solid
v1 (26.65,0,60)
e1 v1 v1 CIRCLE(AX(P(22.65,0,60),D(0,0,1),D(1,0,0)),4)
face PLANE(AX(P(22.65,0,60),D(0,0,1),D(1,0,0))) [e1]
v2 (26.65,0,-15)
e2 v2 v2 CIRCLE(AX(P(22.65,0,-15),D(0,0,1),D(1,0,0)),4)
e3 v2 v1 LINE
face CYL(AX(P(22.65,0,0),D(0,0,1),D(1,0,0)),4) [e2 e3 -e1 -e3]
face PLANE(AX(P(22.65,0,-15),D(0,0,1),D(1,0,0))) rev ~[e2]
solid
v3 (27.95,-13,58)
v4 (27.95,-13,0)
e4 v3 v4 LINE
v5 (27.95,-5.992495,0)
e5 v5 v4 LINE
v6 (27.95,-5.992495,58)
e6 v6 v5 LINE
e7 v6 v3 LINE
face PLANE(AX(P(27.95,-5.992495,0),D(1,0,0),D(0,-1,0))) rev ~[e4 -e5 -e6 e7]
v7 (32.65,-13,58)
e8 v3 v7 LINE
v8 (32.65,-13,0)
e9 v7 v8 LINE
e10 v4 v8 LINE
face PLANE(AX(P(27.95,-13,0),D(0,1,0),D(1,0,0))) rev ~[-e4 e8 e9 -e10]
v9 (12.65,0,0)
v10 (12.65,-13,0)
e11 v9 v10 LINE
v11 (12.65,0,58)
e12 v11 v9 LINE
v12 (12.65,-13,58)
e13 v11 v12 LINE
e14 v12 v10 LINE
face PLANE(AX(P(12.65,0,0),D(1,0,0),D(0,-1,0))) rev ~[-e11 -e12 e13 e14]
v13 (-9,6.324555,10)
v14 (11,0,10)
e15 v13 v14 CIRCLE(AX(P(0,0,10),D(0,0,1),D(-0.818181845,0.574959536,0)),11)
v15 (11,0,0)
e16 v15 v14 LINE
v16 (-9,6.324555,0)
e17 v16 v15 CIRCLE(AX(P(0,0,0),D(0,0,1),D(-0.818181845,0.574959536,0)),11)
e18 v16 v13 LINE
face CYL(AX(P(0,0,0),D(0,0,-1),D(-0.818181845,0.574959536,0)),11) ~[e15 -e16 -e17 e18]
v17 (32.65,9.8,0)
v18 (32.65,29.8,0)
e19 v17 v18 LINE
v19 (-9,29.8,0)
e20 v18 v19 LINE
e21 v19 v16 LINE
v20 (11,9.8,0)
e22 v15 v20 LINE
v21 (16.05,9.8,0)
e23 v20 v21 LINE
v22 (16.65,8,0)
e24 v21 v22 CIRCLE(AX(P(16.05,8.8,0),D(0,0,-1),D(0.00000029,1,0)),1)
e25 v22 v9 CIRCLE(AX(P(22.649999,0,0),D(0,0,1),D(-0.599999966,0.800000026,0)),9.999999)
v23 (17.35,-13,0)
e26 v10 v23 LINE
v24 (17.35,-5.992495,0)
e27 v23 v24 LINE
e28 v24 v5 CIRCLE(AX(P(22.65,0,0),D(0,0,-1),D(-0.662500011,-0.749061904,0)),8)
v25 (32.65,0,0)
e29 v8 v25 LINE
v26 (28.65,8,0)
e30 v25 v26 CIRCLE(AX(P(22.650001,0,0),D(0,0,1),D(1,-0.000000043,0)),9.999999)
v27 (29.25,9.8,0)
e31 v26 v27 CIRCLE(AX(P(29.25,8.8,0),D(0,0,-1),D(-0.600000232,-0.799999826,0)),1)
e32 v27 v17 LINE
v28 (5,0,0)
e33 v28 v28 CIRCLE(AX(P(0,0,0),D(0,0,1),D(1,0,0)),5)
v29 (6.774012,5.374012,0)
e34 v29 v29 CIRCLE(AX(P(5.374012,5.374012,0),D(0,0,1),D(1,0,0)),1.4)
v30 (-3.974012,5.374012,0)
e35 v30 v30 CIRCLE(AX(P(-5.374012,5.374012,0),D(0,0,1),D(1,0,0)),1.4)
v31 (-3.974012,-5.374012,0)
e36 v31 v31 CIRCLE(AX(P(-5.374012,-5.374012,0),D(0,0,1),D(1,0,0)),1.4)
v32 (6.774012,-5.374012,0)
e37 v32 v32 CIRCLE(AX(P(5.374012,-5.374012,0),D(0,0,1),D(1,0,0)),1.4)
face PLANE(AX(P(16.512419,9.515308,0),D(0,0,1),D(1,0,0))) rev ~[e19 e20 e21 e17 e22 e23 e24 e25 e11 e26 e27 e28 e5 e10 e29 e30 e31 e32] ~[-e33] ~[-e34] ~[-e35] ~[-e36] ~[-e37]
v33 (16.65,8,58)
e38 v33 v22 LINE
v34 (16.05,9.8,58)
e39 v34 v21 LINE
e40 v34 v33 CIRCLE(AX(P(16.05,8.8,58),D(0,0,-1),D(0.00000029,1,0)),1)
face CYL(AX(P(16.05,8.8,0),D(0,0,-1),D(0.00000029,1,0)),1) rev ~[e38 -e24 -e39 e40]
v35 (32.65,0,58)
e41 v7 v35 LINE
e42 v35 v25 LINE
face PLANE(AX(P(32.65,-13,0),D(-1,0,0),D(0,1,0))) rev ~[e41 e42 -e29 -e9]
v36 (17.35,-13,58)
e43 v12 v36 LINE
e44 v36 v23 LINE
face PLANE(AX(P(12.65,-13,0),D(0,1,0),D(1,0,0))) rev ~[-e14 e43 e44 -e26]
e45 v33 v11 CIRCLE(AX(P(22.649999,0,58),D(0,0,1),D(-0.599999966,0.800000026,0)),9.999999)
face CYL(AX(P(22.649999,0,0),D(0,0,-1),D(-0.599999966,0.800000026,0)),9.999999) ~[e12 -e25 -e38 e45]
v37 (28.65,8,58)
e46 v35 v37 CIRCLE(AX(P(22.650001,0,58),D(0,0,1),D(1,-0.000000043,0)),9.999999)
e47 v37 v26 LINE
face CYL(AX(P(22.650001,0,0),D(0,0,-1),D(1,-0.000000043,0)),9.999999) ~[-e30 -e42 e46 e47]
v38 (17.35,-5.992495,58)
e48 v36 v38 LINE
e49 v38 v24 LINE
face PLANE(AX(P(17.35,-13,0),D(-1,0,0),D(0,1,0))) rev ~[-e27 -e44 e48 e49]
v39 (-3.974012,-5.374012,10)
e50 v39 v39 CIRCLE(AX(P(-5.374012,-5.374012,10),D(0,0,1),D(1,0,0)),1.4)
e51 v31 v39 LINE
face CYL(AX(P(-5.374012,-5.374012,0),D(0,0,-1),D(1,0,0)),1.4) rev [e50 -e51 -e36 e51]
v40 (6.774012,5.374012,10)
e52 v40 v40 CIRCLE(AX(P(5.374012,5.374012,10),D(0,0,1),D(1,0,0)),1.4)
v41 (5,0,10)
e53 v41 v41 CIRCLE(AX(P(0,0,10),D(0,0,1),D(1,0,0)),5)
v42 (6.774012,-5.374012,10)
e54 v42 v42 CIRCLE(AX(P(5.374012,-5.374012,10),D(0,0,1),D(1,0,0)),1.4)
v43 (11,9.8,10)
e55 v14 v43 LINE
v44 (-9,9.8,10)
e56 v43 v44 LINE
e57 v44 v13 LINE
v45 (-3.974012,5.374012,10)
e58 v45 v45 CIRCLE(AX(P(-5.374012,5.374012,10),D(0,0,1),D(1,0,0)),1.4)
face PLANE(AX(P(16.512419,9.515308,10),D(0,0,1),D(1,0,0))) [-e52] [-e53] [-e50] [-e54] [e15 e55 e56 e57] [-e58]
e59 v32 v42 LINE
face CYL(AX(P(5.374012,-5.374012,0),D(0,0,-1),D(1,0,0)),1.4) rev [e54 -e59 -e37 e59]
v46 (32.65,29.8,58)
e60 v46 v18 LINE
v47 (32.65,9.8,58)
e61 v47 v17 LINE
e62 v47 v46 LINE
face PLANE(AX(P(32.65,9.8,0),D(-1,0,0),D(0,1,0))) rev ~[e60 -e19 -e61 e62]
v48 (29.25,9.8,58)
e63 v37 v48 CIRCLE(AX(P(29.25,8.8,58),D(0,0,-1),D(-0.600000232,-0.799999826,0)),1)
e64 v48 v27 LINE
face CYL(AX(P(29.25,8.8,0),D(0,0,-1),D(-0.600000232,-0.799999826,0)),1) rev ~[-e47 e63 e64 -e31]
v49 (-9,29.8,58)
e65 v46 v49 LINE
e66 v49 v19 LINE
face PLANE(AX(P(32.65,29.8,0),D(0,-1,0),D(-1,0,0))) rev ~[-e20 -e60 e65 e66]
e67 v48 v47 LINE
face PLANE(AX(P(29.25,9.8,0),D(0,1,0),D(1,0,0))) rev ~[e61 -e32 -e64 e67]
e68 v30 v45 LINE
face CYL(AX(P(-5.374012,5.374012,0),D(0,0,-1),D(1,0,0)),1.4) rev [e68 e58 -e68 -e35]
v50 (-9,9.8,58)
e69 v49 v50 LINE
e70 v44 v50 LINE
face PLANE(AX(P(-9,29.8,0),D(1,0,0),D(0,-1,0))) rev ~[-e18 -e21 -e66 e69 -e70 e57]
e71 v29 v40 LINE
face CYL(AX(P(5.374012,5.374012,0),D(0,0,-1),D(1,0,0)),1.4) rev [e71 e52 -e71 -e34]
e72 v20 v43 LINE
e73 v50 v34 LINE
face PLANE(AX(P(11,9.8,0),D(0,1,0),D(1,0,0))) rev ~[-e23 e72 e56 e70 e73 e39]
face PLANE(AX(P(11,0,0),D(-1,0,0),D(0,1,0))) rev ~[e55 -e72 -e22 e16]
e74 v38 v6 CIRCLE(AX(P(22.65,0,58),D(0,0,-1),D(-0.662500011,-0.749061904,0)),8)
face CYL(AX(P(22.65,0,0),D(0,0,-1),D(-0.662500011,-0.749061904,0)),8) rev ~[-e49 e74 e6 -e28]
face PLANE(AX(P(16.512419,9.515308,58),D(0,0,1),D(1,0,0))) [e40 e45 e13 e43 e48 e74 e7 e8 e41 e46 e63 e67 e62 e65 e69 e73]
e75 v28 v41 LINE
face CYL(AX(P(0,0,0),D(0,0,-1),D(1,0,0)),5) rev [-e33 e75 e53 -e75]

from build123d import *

# Parameters (mm, degrees)
F0_R          = 1.4
F0_R_2        = 5
F1_DEPTH      = 10
F2_DEPTH      = 58
F0_R_3        = 4
F3_DEPTH      = 60
F3_DEPTH_BACK = 15


with BuildPart() as f1:
    # F0 (on Top) → F1 (new body)
    with BuildSketch(Plane.XY):
        with BuildLine():
            Line((-9, 29.8), (-9, 9.8))
            Line((-9, 9.8), (11, 9.8))
            Line((11, 9.8), (16.05, 9.8))
            ThreePointArc((16.05, 9.8), (16.998683, 9.116228), (16.65, 8))
            ThreePointArc((16.65, 8), (13.705728, 4.472136), (12.65, 0))
            Line((12.65, 0), (12.65, -13))
            Line((12.65, -13), (17.35, -13))
            Line((17.35, -13), (17.35, -5.992495))
            ThreePointArc((17.35, -5.992495), (22.65, 8), (27.95, -5.992495))
            Line((27.95, -5.992495), (27.95, -13))
            Line((27.95, -13), (32.65, -13))
            Line((32.65, -13), (32.65, 0))
            ThreePointArc((32.65, 0), (31.594272, 4.472136), (28.65, 8))
            ThreePointArc((28.65, 8), (28.301317, 9.116228), (29.25, 9.8))
            Line((29.25, 9.8), (32.65, 9.8))
            Line((32.65, 9.8), (32.65, 29.8))
            Line((32.65, 29.8), (-9, 29.8))
        make_face()
        with BuildLine():
            Line((-9, 9.8), (-9, 6.324555))
            ThreePointArc((-9, 6.324555), (-3.316625, -10.488088), (11, 0))
            Line((11, 0), (11, 9.8))
            Line((11, 9.8), (-9, 9.8))
        make_face()
        with Locations((-5.374012, -5.374012)):
            Circle(F0_R, mode=Mode.SUBTRACT)
        with Locations((5.374012, -5.374012)):
            Circle(F0_R, mode=Mode.SUBTRACT)
        with Locations((-5.374012, 5.374012)):
            Circle(F0_R, mode=Mode.SUBTRACT)
        Circle(F0_R_2, mode=Mode.SUBTRACT)
        with Locations((5.374012, 5.374012)):
            Circle(F0_R, mode=Mode.SUBTRACT)
    extrude(amount=F1_DEPTH)

    # F0 (on Top) → F2 (join)
    with BuildSketch(Plane.XY):
        with BuildLine():
            Line((-9, 29.8), (-9, 9.8))
            Line((-9, 9.8), (11, 9.8))
            Line((11, 9.8), (16.05, 9.8))
            ThreePointArc((16.05, 9.8), (16.998683, 9.116228), (16.65, 8))
            ThreePointArc((16.65, 8), (13.705728, 4.472136), (12.65, 0))
            Line((12.65, 0), (12.65, -13))
            Line((12.65, -13), (17.35, -13))
            Line((17.35, -13), (17.35, -5.992495))
            ThreePointArc((17.35, -5.992495), (22.65, 8), (27.95, -5.992495))
            Line((27.95, -5.992495), (27.95, -13))
            Line((27.95, -13), (32.65, -13))
            Line((32.65, -13), (32.65, 0))
            ThreePointArc((32.65, 0), (31.594272, 4.472136), (28.65, 8))
            ThreePointArc((28.65, 8), (28.301317, 9.116228), (29.25, 9.8))
            Line((29.25, 9.8), (32.65, 9.8))
            Line((32.65, 9.8), (32.65, 29.8))
            Line((32.65, 29.8), (-9, 29.8))
        make_face()
    extrude(amount=F2_DEPTH)


with BuildPart() as f3:
    # F0 (on Top) → F3 (new body, two sides)
    with BuildSketch(Plane.XY) as f3_sk:
        with Locations((22.65, 0)):
            Circle(F0_R_3)
    extrude(amount=F3_DEPTH)
    extrude(f3_sk.sketch, amount=-F3_DEPTH_BACK)


solid = Compound([f1.part, f3.part])
